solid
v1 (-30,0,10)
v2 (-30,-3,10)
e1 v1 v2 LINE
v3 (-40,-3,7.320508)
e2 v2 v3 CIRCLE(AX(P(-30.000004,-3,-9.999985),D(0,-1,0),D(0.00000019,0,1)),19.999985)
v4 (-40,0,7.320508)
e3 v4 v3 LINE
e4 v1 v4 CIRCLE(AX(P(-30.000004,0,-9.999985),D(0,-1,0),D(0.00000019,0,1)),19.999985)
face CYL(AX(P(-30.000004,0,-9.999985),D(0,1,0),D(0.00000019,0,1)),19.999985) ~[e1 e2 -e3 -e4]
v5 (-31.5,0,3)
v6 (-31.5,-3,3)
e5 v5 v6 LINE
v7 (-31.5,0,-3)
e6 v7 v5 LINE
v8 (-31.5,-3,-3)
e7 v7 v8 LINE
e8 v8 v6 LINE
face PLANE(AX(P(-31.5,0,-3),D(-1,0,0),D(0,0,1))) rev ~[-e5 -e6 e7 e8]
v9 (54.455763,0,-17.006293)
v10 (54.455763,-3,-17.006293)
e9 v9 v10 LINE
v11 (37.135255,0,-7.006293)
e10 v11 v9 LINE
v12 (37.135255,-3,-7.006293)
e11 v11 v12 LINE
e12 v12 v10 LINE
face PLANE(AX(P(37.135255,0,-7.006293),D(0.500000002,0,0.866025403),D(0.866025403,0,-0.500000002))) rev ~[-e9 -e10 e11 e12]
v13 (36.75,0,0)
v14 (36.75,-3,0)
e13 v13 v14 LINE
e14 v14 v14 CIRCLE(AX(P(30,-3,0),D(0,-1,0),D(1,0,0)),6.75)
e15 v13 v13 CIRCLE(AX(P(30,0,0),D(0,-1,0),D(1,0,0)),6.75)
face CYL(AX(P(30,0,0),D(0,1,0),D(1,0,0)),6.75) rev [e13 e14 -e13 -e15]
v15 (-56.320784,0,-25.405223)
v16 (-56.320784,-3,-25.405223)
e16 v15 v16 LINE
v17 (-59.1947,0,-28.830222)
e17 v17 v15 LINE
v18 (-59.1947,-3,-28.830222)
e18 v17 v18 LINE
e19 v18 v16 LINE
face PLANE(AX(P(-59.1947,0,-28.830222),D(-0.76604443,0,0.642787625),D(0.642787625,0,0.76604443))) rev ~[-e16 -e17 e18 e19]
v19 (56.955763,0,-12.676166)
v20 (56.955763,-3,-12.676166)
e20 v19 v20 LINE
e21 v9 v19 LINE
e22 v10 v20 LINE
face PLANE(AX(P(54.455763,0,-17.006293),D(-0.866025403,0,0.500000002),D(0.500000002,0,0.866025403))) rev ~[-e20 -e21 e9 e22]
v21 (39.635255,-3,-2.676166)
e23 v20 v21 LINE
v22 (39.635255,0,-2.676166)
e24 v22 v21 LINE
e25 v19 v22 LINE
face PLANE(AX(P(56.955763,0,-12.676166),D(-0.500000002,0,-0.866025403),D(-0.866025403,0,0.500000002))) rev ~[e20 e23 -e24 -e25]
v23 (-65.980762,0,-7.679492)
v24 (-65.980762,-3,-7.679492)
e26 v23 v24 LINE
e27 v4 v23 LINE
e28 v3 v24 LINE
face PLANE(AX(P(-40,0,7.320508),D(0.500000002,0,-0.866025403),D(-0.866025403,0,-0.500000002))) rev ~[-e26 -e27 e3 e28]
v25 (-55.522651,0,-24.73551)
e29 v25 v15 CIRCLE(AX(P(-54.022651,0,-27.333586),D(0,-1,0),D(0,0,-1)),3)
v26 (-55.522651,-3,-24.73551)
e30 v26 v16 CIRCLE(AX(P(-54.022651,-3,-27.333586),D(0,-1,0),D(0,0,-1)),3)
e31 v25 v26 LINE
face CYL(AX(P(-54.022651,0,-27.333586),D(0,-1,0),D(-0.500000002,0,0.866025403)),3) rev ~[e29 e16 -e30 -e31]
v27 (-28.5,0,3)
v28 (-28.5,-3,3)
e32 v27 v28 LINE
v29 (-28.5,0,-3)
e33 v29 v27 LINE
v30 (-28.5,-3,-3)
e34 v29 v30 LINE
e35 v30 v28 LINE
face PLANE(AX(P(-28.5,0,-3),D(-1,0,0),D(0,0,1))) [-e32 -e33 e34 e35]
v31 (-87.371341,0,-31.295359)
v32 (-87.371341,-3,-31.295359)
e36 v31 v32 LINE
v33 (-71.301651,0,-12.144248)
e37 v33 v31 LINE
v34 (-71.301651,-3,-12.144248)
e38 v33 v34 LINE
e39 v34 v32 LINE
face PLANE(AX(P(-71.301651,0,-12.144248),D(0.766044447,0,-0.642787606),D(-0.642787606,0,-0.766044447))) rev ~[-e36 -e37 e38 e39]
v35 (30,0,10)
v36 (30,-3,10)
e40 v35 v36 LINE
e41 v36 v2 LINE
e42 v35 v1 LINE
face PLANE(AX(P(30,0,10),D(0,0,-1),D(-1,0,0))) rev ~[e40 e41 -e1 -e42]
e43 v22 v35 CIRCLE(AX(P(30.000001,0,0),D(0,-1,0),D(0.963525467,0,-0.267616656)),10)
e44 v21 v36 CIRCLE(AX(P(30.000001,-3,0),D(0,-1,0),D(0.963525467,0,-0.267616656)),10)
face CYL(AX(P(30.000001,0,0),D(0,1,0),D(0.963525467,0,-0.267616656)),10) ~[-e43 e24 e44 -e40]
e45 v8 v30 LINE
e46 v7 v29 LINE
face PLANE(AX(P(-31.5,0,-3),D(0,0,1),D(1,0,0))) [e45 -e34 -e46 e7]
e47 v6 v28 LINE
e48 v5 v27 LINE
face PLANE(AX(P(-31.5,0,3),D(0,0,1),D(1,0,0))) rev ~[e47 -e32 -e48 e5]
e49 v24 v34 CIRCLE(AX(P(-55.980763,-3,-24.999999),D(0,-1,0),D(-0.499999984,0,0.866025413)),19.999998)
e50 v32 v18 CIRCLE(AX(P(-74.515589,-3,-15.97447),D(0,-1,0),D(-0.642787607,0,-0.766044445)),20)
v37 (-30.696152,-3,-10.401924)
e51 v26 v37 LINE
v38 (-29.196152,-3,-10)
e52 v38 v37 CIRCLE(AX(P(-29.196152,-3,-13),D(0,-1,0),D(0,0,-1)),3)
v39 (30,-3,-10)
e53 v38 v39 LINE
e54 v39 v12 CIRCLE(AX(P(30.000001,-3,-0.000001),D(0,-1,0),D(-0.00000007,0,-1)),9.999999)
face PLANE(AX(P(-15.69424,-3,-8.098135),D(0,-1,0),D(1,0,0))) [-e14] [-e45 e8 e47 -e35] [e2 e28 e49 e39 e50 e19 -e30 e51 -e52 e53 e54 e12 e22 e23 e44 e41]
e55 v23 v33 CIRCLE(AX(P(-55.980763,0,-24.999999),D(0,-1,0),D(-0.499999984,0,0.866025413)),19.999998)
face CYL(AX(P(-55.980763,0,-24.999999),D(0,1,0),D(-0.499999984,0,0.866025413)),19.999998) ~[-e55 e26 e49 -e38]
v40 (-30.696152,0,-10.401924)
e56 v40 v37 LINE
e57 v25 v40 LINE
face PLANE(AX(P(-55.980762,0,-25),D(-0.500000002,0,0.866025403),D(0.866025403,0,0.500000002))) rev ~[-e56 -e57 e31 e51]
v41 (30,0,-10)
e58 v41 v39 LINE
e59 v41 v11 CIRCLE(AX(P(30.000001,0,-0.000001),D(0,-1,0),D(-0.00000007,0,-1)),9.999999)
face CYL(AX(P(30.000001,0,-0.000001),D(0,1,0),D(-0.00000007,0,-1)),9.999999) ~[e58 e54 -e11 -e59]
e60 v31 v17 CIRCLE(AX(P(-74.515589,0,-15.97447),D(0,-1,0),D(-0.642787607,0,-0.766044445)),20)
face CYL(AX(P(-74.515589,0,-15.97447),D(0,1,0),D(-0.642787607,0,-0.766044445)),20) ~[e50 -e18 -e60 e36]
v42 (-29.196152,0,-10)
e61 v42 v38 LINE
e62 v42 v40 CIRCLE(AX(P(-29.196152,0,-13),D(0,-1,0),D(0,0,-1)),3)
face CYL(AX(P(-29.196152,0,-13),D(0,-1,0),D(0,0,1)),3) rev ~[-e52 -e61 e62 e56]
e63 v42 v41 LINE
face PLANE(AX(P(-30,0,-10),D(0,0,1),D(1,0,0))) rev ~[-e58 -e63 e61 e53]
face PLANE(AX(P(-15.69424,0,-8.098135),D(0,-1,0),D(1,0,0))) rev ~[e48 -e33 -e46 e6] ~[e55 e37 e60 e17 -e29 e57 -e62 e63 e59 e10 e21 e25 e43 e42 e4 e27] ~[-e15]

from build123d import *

# Parameters (mm, degrees)
F0_W     = 3
F0_H     = 6
F0_R     = 6.75
F1_DEPTH = 3
F2_R     = 3


with BuildPart() as f1:
    # F0 (on Front) → F1 (new body)
    with BuildSketch(Plane.XZ):
        with BuildLine():
            Line((-30, -10), (30, -10))
            ThreePointArc((30, -10), (33.868919, -9.221251), (37.135255, -7.006293))
            Line((37.135255, -7.006293), (54.455763, -17.006293))
            Line((54.455763, -17.006293), (56.955763, -12.676166))
            Line((56.955763, -12.676166), (39.635255, -2.676166))
            ThreePointArc((39.635255, -2.676166), (37.961208, 6.051378), (30, 10))
            Line((30, 10), (-30, 10))
            ThreePointArc((-30, 10), (-35.176381, 9.318517), (-40, 7.320508))
            Line((-40, 7.320508), (-65.980762, -7.679492))
            ThreePointArc((-65.980762, -7.679492), (-68.836514, -9.679111), (-71.301651, -12.144248))
            Line((-71.301651, -12.144248), (-87.371341, -31.295359))
            ThreePointArc((-87.371341, -31.295359), (-72.772474, -35.898364), (-59.1947, -28.830222))
            Line((-59.1947, -28.830222), (-55.980762, -25))
            Line((-55.980762, -25), (-30, -10))
        make_face()
        with Locations((-30, 0)):
            Rectangle(F0_W, F0_H, mode=Mode.SUBTRACT)
        with Locations((30, 0)):
            Circle(F0_R, mode=Mode.SUBTRACT)
    extrude(amount=F1_DEPTH)

    # F2
    f2_edges = [f1.edges().sort_by_distance(p)[0] for p in [
        (-30, -1.5, -10),
        (-55.980762, -1.5, -25),
    ]]
    fillet(f2_edges, radius=F2_R)


solid = f1.part
